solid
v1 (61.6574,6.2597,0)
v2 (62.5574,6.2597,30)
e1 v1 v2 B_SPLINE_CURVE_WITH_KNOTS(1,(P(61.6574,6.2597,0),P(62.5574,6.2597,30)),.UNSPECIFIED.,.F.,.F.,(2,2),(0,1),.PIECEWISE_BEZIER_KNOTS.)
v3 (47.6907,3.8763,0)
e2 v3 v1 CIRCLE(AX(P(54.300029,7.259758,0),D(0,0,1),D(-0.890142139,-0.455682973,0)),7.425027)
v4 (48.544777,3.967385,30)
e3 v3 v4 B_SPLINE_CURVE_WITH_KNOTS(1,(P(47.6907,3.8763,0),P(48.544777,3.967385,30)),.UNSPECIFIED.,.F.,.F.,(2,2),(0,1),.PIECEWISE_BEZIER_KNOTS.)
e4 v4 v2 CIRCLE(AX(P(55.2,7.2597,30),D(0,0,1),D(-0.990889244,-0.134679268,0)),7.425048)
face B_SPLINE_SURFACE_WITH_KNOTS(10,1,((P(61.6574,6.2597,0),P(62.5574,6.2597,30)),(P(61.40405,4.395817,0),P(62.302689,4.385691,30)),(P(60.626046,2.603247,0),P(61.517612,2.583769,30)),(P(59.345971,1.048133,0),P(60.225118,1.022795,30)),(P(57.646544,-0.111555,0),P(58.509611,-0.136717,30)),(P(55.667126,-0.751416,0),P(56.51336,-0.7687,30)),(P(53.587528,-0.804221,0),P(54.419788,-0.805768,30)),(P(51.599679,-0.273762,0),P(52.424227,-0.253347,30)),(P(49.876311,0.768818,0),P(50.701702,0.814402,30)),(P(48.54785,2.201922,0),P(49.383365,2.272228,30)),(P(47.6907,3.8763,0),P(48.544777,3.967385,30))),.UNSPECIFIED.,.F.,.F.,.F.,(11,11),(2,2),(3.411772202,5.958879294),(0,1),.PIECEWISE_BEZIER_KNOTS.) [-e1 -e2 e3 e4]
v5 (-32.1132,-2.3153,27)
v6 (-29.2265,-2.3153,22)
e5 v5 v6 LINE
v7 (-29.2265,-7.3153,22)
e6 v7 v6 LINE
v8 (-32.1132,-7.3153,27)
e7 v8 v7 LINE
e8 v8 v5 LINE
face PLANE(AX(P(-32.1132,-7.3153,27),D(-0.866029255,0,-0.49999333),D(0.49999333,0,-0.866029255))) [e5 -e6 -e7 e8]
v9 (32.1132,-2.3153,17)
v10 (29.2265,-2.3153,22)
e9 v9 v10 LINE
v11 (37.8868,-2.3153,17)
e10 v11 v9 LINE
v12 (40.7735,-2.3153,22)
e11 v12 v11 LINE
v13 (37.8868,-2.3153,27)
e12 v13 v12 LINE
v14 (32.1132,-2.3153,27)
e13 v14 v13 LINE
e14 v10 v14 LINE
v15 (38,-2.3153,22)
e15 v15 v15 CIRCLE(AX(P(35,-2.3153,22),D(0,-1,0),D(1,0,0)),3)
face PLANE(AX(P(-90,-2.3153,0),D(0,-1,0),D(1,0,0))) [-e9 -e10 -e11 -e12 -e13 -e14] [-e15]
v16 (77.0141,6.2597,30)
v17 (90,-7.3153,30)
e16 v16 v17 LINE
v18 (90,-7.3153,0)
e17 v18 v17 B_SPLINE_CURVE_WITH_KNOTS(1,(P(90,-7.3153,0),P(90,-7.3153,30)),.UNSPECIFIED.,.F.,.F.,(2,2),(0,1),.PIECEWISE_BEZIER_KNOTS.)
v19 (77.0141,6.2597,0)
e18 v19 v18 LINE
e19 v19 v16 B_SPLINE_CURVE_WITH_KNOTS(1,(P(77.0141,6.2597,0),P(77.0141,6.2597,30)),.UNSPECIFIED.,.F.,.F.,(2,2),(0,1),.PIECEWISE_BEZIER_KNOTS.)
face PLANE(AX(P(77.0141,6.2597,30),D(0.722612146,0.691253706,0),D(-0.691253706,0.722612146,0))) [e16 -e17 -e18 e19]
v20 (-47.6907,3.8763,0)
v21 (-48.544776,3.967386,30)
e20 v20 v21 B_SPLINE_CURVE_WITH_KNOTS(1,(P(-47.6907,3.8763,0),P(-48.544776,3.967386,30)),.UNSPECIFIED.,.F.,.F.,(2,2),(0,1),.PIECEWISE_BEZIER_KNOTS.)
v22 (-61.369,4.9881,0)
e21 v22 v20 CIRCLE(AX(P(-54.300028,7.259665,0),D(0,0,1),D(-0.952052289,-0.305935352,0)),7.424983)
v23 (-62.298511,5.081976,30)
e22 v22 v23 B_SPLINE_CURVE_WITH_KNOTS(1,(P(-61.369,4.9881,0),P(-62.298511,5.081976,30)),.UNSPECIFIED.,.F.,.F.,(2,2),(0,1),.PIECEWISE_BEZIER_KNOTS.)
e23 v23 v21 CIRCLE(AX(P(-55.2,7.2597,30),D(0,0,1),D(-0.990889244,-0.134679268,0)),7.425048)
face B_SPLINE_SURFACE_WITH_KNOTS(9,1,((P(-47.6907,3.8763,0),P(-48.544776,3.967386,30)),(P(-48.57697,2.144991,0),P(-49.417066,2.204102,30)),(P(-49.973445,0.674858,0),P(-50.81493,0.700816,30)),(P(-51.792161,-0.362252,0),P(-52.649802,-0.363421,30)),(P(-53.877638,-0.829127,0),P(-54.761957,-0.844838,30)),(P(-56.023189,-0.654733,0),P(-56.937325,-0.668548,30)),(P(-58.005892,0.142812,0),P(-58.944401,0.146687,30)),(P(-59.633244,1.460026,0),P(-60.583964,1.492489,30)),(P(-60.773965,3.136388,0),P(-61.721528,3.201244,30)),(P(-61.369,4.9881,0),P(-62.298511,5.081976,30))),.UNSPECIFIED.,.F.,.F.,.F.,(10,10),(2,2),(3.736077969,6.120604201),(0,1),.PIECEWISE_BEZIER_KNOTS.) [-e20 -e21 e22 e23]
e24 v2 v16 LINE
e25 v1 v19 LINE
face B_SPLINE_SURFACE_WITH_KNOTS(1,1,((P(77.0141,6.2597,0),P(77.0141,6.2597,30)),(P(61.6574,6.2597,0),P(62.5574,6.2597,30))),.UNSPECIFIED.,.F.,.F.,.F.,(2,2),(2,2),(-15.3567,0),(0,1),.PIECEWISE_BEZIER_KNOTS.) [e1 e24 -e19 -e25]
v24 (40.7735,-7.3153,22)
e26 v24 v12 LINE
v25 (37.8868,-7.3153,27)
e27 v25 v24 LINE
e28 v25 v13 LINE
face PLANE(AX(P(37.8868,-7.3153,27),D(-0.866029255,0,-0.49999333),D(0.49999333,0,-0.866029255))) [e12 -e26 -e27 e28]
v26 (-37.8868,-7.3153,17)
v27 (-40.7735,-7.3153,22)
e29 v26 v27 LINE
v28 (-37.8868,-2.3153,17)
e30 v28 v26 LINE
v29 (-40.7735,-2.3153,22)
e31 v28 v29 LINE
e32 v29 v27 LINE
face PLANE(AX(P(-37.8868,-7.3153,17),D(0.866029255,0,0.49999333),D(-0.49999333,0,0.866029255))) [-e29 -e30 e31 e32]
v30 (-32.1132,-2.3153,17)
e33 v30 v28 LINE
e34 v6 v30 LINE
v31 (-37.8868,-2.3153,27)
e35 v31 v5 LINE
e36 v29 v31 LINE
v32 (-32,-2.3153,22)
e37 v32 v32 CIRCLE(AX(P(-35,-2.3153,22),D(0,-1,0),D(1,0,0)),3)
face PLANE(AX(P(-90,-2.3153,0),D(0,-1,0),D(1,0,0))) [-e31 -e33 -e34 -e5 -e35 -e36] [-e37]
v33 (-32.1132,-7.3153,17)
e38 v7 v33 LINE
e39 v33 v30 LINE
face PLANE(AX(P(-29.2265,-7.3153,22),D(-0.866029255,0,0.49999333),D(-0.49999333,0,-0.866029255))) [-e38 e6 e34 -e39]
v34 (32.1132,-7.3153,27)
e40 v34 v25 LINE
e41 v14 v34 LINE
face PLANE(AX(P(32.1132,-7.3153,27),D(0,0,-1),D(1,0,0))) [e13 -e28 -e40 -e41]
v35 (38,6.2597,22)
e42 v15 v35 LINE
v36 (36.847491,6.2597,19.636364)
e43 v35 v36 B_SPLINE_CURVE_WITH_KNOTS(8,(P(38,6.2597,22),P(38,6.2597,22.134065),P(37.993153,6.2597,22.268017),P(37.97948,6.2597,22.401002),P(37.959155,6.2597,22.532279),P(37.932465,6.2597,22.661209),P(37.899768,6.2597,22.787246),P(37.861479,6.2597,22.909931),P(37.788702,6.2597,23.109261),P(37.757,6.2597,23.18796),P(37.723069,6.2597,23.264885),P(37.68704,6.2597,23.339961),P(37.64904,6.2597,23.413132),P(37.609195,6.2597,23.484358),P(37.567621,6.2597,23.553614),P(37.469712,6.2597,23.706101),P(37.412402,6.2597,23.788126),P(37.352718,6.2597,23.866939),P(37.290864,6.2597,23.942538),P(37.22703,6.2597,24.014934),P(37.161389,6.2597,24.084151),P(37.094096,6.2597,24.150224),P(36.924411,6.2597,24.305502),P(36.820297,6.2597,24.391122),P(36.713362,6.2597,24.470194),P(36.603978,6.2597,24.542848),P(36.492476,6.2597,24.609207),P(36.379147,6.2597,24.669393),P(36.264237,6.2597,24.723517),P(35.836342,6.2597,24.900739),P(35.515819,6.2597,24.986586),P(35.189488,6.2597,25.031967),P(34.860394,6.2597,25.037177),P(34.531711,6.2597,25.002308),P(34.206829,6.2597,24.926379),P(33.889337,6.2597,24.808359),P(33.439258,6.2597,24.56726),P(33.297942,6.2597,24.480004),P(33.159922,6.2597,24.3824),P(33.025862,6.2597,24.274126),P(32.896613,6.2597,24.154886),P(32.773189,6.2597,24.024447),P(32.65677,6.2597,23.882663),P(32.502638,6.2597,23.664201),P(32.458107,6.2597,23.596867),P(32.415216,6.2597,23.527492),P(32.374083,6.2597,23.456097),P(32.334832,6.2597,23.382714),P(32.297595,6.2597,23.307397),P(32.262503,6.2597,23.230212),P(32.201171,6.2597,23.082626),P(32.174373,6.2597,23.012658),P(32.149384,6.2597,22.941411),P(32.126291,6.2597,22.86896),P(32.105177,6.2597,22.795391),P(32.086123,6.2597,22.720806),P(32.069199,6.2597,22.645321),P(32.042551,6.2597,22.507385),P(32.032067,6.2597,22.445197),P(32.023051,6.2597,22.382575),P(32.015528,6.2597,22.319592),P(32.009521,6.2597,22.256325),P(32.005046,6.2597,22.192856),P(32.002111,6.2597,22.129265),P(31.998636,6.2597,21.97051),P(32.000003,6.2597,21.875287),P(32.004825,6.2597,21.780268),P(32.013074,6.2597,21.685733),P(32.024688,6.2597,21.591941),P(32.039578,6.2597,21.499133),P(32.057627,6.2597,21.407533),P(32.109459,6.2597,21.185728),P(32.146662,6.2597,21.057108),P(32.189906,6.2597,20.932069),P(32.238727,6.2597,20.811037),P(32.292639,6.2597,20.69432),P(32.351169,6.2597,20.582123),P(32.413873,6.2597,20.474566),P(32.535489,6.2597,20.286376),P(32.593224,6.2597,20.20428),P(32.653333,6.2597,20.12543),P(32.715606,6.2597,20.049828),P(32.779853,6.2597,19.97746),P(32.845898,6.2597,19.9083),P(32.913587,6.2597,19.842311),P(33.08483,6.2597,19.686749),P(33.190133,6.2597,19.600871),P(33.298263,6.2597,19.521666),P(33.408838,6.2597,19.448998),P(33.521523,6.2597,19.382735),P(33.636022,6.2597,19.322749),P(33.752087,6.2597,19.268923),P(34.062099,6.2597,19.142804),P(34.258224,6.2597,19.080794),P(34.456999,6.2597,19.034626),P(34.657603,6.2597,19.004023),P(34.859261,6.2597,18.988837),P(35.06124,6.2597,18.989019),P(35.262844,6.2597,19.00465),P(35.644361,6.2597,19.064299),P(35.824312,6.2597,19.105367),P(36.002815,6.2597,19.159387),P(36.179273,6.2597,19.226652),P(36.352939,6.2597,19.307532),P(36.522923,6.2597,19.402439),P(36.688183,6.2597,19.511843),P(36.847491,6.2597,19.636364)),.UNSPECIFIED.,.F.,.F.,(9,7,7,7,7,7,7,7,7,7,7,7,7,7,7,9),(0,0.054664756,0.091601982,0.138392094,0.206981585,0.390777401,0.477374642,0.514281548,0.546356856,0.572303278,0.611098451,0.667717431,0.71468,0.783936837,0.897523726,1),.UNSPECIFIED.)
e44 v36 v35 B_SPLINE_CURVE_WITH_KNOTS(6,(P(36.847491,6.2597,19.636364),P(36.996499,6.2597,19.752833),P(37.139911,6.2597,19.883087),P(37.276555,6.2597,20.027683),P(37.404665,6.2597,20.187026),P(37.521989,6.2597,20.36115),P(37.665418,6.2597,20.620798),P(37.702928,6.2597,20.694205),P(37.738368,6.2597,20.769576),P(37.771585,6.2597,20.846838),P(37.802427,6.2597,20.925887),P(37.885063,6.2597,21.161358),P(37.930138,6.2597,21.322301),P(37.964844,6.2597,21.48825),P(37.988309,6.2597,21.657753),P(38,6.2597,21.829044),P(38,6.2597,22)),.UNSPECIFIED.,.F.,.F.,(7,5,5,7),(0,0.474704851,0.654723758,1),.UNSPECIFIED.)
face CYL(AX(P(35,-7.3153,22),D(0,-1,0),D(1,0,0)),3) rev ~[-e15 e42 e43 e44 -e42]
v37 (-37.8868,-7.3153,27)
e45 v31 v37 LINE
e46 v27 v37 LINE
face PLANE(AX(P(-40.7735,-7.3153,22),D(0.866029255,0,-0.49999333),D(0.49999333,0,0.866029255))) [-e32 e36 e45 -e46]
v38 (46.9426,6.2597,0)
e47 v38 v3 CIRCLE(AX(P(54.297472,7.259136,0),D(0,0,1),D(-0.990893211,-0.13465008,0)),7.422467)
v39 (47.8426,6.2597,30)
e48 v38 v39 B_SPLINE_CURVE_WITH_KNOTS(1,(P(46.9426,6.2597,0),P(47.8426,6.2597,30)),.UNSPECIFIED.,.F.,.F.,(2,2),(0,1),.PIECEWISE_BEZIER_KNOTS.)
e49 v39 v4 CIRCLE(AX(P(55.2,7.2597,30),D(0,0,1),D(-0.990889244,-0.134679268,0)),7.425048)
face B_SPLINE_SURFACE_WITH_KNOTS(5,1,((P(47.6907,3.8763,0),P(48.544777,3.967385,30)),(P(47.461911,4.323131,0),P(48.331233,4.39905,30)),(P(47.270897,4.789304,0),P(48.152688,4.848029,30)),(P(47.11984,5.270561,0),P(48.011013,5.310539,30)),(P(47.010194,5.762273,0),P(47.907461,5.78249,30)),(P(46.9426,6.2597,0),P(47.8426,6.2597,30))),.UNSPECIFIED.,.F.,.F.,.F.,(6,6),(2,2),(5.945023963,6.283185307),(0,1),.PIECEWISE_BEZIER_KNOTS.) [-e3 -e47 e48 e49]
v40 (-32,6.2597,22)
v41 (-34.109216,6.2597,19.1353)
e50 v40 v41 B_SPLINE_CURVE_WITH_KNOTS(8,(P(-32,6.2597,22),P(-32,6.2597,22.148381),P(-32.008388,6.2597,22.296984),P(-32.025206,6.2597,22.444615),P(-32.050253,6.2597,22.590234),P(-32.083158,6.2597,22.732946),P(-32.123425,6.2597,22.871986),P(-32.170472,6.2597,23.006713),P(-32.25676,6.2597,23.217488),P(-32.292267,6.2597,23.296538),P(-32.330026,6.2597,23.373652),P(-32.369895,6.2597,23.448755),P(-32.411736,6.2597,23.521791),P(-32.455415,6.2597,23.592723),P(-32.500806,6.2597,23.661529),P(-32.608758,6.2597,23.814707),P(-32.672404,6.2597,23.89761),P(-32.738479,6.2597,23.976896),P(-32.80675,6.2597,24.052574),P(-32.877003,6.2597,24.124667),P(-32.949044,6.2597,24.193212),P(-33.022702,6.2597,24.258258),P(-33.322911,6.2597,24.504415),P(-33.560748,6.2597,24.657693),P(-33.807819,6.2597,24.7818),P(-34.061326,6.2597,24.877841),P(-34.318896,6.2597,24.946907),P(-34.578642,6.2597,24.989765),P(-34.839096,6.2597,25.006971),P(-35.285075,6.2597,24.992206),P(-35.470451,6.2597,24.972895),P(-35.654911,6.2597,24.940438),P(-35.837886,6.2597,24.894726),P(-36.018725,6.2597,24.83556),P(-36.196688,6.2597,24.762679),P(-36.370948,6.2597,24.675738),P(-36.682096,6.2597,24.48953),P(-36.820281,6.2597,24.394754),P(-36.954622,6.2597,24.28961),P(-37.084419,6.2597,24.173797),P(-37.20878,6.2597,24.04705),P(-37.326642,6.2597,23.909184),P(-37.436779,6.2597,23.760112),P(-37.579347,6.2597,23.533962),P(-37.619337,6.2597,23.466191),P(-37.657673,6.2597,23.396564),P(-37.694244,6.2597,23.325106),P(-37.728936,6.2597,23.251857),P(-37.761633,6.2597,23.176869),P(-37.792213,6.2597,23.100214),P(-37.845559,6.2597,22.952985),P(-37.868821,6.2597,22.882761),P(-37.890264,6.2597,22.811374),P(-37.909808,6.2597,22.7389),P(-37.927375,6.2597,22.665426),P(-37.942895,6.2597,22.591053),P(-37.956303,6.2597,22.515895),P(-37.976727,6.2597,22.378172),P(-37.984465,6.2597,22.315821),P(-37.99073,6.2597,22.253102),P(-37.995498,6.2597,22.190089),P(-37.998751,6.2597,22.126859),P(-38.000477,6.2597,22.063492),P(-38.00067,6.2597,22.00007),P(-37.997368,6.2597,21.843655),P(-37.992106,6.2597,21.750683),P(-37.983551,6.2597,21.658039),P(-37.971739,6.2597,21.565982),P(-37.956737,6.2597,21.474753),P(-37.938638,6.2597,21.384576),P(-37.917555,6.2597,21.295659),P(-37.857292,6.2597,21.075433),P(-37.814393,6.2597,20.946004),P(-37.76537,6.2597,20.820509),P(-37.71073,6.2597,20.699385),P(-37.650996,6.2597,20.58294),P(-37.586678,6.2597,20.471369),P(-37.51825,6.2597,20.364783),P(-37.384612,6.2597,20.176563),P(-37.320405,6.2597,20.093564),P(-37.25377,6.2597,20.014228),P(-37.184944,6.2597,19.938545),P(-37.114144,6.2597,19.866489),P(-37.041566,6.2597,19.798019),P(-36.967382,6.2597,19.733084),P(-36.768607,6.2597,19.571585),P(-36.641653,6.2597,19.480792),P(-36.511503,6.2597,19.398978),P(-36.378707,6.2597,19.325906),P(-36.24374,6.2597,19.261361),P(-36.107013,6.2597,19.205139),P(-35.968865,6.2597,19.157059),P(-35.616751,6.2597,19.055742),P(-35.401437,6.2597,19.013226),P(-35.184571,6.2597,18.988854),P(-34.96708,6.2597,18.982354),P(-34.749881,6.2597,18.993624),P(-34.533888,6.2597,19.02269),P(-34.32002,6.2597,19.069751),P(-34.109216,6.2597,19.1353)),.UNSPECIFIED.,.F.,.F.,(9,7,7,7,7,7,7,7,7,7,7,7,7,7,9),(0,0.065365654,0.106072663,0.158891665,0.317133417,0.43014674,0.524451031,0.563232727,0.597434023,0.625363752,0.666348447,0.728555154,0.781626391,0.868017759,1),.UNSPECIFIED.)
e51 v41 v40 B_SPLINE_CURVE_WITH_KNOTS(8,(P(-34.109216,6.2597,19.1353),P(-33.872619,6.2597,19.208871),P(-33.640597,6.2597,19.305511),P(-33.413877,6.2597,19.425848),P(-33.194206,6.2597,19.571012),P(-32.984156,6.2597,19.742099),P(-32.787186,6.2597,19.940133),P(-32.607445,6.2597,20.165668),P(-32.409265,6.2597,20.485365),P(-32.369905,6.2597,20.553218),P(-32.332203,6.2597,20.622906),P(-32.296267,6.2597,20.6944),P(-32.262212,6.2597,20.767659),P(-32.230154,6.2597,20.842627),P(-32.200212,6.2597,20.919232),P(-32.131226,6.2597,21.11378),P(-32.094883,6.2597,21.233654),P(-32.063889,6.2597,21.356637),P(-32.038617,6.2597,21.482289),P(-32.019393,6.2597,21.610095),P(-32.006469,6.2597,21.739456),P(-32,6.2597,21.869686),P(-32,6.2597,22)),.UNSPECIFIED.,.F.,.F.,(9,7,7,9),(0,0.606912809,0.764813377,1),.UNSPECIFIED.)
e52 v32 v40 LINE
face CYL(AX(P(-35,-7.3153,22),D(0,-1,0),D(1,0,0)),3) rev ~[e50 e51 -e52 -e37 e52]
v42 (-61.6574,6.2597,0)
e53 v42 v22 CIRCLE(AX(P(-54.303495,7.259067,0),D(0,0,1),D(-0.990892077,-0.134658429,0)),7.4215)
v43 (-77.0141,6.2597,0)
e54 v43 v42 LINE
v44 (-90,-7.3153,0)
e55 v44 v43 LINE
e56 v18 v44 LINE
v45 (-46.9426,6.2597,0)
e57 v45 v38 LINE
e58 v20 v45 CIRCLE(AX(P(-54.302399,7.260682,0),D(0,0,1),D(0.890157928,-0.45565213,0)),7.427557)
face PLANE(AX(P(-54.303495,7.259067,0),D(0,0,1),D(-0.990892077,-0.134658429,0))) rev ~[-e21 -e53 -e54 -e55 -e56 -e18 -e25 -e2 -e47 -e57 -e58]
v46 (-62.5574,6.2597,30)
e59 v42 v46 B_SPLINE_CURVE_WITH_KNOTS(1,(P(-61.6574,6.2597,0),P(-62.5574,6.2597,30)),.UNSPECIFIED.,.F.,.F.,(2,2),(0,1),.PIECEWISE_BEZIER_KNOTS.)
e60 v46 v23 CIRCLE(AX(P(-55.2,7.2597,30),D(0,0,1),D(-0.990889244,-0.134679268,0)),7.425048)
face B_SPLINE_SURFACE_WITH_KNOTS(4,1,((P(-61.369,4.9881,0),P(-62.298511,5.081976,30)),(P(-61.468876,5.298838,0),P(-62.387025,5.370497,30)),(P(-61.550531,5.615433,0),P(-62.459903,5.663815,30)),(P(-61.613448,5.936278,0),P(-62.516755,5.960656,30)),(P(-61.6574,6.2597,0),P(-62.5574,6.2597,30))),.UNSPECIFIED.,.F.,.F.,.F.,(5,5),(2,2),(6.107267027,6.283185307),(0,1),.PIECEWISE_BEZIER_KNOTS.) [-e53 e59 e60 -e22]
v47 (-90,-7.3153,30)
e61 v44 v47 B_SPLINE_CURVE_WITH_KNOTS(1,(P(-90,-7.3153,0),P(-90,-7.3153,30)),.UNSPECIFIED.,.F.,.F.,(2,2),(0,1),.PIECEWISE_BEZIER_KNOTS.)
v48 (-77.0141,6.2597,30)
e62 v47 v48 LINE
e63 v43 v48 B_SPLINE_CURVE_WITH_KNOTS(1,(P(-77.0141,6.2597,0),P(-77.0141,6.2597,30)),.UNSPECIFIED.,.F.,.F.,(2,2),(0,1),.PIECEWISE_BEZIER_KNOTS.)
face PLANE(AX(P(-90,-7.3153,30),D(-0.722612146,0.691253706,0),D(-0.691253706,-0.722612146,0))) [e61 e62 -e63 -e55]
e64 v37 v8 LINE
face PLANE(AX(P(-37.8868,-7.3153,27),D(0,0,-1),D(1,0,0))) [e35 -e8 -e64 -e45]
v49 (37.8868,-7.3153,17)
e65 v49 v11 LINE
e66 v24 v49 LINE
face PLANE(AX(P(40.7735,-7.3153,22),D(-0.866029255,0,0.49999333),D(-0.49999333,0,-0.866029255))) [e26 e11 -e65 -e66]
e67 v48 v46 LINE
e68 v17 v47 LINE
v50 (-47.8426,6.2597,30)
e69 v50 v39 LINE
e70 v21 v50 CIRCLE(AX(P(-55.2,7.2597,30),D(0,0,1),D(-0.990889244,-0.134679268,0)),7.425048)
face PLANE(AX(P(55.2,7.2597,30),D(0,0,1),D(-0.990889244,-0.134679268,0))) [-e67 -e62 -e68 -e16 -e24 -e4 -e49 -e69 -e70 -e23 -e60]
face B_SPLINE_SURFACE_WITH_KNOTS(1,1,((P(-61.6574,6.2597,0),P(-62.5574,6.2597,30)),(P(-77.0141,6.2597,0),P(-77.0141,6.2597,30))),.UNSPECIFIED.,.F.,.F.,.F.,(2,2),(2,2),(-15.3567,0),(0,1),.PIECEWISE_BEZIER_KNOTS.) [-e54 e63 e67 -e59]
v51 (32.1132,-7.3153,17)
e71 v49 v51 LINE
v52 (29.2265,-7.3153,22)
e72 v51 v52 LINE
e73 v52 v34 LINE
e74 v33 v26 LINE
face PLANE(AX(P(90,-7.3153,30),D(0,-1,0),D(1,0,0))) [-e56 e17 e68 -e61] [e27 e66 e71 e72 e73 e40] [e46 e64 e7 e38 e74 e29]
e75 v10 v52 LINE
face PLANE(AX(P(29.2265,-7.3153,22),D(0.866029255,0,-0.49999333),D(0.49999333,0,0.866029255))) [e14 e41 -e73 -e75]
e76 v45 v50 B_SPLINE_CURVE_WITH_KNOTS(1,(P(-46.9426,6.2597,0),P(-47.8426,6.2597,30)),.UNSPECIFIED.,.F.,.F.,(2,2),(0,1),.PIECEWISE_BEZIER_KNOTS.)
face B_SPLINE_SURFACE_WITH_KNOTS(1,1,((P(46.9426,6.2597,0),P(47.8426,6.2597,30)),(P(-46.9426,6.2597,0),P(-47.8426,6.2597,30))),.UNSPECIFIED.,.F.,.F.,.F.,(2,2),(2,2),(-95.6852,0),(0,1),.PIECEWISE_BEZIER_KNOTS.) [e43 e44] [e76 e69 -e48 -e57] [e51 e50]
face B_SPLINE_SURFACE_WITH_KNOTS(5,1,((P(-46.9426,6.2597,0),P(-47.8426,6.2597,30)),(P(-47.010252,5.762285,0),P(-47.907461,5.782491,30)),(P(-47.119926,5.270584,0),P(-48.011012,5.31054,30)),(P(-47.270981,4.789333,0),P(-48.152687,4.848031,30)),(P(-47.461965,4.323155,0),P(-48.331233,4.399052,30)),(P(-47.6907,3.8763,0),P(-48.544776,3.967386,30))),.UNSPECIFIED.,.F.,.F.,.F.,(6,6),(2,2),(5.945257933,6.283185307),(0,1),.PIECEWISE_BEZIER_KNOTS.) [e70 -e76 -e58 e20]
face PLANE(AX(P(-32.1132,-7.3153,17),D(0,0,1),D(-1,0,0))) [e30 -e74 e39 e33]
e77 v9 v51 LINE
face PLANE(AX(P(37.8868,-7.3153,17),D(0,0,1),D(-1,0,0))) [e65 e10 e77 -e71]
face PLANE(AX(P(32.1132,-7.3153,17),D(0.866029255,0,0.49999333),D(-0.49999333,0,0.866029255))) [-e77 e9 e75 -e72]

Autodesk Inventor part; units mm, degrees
ref_plane "YZ Plane" through (0, 0, 0) normal (1, 0, 0) x (0, 1, 0)
ref_plane "XZ Plane" through (0, 0, 0) normal (0, 1, 0) x (-1, 0, 0)
sketch "Sketch1" plane through (0, 0, 0) normal (0, 0, 1) x (1, 0, 0)
  line L0 (90, -7.3153) -> (-90, -7.3153)
  line L1 (-90, -7.3153) -> (-77.0141, 6.2597)
  line L2 (-77.0141, 6.2597) -> (-61.6574, 6.2597)
  line L3 (77.0141, 6.2597) -> (90, -7.3153)
  line L4 (90, -7.3153) -> (-77.0141, 6.2597) construction
  line L5 (-90, -7.3153) -> (77.0141, 6.2597) construction
  line L6 (-76.0575, 7.2597) -> (77.8086, 7.2597) construction
  arc A0 (-46.9426, 6.2597) -> (-61.6574, 6.2597) centre (-54.3, 7.2597) ccw construction
  arc A1 (47.6907, 3.8763) -> (61.6574, 6.2597) centre (54.3, 7.2597) ccw
  line L7 (46.9426, 6.2597) -> (61.6574, 6.2597) construction
  line L8 (61.6574, 6.2597) -> (77.0141, 6.2597)
  arc A2 (46.9426, 6.2597) -> (47.6907, 3.8763) centre (54.3, 7.2597) ccw
  arc A3 (61.6574, 6.2597) -> (46.9426, 6.2597) centre (54.3, 7.2597) ccw construction
  line L9 (-61.6574, 6.2597) -> (-46.9426, 6.2597) construction
  line L10 (-46.9426, 6.2597) -> (46.9426, 6.2597)
  arc A4 (-47.6907, 3.8763) -> (-46.9426, 6.2597) centre (-54.3, 7.2597) ccw
  arc A5 (-61.369, 4.9881) -> (-47.6907, 3.8763) centre (-54.3, 7.2597) ccw
  arc A6 (-61.6574, 6.2597) -> (-61.369, 4.9881) centre (-54.3, 7.2597) ccw
  point P0 (0, 0)
  dimension "d0" = 1
  dimension "d1" = 14.85
  dimension "d2" = 54.3
  dimension "d3" = 108.6
  dimension "d5" = 180
  dimension "d6" = 22.7141
  dimension "d7" = 22.7141
  dimension "d8" = 14.575
ref_plane "Work Plane1" through (0, 0, 30) normal (0, 0, 1) x (1, 0, 0)
sketch "Sketch2" plane through (0, 0, 30) normal (0, 0, 1) x (1, 0, 0)
  line L0 (90, -7.3153) -> (-90, -7.3153) projected
  line L1 (-90, -7.3153) -> (-77.0141, 6.2597) projected
  line L2 (77.0141, 6.2597) -> (90, -7.3153) projected
  line L3 (62.5574, 6.2597) -> (77.0141, 6.2597)
  line L4 (-47.8426, 6.2597) -> (47.8426, 6.2597)
  line L5 (-77.0141, 6.2597) -> (-62.5574, 6.2597)
  line L6 (-76.0575, 7.2597) -> (77.8086, 7.2597) construction
  arc A0 (-62.5574, 6.2597) -> (-47.8426, 6.2597) centre (-55.2, 7.2597) ccw
  arc A1 (47.8426, 6.2597) -> (62.5574, 6.2597) centre (55.2, 7.2597) ccw
  point P0 (0, 0)
  dimension "d10" = 7.425
  dimension "d11" = 110.4
  dimension "d12" = 55.2
loft "Loft1" add profiles "Sketch1", "Sketch2"
sketch "Sketch8" plane through (-90, -7.3153, 0) normal (0, -1, 0) x (1, 0, 0)
  circle A0 centre (125, 22) radius 3
  circle A1 centre (55, 22) radius 3
  point P0 (90, 0)
  dimension "d31" = 35
  dimension "d32" = 35
  dimension "d33" = 22
  dimension "d34" = 22
  dimension "d35" = 6
extrude "Extrusion3" cut sketch "Sketch8" against normal through all
sketch "Sketch9" plane through (-90, -7.3153, 0) normal (0, -1, 0) x (1, 0, 0)
  circle A0 centre (125, 22) radius 3 projected
  circle A1 centre (55, 22) radius 3 projected
  line L0 (122.1132, 27) -> (127.8868, 27)
  line L1 (127.8868, 27) -> (130.7735, 22)
  line L2 (130.7735, 22) -> (127.8868, 17)
  line L3 (127.8868, 17) -> (122.1132, 17)
  line L4 (122.1132, 17) -> (119.2265, 22)
  line L5 (119.2265, 22) -> (122.1132, 27)
  line L6 (52.1132, 27) -> (57.8868, 27)
  line L7 (57.8868, 27) -> (60.7735, 22)
  line L8 (60.7735, 22) -> (57.8868, 17)
  line L9 (57.8868, 17) -> (52.1132, 17)
  line L10 (52.1132, 17) -> (49.2265, 22)
  line L11 (49.2265, 22) -> (52.1132, 27)
  point P0 (90, 0)
  dimension "d38" = 10
extrude "Extrusion4" cut sketch "Sketch9" against normal blind 5 and the other way blind 100
equation "\"d2\" = 0.5 * d3"
equation "\"d5\" = topWidth"
equation "\"d7\" = d6"
equation "\"d10\" = 0.5 * d1"
equation "\"d12\" = 0.5 * d11"
equation "\"d32\" = d31"
equation "\"d34\" = d33"
equation "\"topWidth\" = 180"
properties part number "Bar_Mount_Bottom"
